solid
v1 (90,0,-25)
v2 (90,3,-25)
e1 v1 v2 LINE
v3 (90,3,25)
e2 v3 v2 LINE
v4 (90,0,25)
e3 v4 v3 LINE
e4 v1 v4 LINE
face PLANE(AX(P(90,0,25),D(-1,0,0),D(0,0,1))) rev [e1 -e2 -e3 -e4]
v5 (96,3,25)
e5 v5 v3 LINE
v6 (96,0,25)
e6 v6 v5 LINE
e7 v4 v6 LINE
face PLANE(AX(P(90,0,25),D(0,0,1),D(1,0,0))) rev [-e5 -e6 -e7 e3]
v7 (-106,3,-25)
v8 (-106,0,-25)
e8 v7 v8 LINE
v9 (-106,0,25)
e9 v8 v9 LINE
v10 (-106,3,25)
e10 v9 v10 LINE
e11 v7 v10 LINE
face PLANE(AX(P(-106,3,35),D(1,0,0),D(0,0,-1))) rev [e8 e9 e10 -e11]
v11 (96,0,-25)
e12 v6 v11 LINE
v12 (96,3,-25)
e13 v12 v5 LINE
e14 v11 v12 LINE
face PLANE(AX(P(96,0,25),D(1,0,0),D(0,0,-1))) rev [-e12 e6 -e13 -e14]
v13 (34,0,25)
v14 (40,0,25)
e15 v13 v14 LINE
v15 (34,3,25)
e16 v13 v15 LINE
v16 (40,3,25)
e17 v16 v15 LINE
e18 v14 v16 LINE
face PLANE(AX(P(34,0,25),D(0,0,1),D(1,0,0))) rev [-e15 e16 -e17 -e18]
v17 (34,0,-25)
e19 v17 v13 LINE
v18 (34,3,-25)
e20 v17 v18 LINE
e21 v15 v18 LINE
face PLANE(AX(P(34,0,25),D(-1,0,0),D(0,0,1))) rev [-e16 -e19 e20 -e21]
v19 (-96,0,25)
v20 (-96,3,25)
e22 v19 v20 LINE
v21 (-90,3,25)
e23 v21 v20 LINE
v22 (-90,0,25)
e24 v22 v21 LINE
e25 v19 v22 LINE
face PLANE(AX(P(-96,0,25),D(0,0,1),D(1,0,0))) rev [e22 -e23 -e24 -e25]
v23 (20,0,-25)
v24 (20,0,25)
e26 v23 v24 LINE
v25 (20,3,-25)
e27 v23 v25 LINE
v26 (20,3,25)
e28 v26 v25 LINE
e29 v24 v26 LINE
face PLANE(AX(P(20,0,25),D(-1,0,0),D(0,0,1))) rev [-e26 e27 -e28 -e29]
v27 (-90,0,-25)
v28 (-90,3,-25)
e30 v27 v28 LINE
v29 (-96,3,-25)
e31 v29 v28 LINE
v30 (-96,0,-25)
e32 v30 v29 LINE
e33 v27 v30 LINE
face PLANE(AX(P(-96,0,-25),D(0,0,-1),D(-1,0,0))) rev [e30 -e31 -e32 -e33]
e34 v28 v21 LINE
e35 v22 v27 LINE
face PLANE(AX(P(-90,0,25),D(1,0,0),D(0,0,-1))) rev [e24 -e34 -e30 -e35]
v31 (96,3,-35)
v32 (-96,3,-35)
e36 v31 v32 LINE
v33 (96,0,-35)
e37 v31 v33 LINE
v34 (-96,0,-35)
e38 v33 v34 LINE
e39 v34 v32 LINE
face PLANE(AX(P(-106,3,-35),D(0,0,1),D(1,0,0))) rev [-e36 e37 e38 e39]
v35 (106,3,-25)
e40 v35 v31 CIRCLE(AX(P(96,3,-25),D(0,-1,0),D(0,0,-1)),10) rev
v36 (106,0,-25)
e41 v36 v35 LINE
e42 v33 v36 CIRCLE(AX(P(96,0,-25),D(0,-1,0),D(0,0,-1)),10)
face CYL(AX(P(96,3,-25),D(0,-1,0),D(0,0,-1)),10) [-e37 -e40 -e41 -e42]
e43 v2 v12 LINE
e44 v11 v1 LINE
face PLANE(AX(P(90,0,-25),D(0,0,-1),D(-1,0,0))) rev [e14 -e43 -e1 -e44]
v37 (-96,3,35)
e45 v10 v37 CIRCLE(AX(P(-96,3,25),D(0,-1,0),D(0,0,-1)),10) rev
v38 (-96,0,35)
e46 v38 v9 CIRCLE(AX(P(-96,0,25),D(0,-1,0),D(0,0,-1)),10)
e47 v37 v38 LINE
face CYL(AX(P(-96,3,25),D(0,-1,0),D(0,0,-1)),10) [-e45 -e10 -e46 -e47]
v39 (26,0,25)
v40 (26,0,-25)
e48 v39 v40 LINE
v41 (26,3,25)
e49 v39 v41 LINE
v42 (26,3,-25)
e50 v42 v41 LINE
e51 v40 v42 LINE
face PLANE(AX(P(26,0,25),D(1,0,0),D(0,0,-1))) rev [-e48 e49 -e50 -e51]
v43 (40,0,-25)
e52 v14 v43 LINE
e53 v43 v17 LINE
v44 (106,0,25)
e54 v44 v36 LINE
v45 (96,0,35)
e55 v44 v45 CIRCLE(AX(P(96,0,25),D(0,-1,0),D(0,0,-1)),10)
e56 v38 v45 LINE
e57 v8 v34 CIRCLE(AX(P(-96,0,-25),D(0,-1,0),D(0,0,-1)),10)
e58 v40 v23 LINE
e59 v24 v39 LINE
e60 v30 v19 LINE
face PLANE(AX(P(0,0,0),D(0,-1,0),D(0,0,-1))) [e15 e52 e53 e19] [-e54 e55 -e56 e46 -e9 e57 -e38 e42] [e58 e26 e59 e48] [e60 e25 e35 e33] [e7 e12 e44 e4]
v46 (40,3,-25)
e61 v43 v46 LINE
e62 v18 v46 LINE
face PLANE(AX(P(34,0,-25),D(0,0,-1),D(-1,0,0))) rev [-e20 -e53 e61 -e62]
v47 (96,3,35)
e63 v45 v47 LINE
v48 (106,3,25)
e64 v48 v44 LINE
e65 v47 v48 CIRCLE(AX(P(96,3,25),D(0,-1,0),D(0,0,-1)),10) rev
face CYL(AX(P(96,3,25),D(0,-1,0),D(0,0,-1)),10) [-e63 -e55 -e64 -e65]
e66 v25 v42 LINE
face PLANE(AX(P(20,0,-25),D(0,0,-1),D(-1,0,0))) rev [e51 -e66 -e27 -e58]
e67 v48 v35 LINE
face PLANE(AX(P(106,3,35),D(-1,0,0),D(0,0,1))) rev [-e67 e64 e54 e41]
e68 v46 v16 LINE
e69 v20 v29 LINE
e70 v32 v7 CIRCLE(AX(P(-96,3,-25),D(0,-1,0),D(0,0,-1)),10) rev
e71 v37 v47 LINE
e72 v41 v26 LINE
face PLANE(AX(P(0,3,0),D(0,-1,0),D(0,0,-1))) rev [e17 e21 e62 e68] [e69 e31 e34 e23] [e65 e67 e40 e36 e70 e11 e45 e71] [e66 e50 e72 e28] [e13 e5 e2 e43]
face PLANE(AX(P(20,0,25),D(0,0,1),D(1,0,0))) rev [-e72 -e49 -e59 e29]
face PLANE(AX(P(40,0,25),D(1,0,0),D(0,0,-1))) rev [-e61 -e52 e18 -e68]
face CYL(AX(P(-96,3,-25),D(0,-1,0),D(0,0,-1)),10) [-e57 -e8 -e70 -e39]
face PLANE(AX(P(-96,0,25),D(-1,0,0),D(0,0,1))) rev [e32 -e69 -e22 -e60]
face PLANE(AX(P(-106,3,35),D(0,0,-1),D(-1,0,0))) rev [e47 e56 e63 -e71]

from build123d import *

# Parameters (mm, degrees)
SKETCH1_W               = 212
SKETCH1_H               = 70
BOSS_EXTRUDE1_DEPTH     = 3
SKETCH2_W               = 6
SKETCH2_H               = 50
CUT_EXTRUDE1_DEPTH      = 1
CUT_EXTRUDE1_DEPTH_BACK = 4
FILLET1_R               = 10


with BuildPart() as part:
    # Sketch1 → Boss-Extrude1 (new body)
    with BuildSketch(Plane(origin=(0, 0, 0), x_dir=(1, 0, 0), z_dir=(0, 1, 0))):
        Rectangle(SKETCH1_W, SKETCH1_H)
    extrude(amount=BOSS_EXTRUDE1_DEPTH)

    # Sketch2 → Cut-Extrude1 (cut, two sides)
    with BuildSketch(Plane(origin=(0, 3, 0), x_dir=(1, 0, 0), z_dir=(0, 1, 0))) as cut_extrude1_sk:
        with Locations((23, 0)):
            Rectangle(SKETCH2_W, SKETCH2_H)
        with Locations((-93, 0)):
            Rectangle(SKETCH2_W, SKETCH2_H)
        with Locations((37, 0)):
            Rectangle(SKETCH2_W, SKETCH2_H)
        with Locations((93, 0)):
            Rectangle(SKETCH2_W, SKETCH2_H)
    extrude(amount=CUT_EXTRUDE1_DEPTH, mode=Mode.SUBTRACT)
    extrude(cut_extrude1_sk.sketch, amount=-CUT_EXTRUDE1_DEPTH_BACK, mode=Mode.SUBTRACT)

    # Fillet1
    fillet1_edges = [part.edges().sort_by_distance(p)[0] for p in [
        (106, 1.5, 35),
        (-106, 1.5, 35),
        (-106, 1.5, -35),
        (106, 1.5, -35),
    ]]
    fillet(fillet1_edges, radius=FILLET1_R)


solid = part.part
